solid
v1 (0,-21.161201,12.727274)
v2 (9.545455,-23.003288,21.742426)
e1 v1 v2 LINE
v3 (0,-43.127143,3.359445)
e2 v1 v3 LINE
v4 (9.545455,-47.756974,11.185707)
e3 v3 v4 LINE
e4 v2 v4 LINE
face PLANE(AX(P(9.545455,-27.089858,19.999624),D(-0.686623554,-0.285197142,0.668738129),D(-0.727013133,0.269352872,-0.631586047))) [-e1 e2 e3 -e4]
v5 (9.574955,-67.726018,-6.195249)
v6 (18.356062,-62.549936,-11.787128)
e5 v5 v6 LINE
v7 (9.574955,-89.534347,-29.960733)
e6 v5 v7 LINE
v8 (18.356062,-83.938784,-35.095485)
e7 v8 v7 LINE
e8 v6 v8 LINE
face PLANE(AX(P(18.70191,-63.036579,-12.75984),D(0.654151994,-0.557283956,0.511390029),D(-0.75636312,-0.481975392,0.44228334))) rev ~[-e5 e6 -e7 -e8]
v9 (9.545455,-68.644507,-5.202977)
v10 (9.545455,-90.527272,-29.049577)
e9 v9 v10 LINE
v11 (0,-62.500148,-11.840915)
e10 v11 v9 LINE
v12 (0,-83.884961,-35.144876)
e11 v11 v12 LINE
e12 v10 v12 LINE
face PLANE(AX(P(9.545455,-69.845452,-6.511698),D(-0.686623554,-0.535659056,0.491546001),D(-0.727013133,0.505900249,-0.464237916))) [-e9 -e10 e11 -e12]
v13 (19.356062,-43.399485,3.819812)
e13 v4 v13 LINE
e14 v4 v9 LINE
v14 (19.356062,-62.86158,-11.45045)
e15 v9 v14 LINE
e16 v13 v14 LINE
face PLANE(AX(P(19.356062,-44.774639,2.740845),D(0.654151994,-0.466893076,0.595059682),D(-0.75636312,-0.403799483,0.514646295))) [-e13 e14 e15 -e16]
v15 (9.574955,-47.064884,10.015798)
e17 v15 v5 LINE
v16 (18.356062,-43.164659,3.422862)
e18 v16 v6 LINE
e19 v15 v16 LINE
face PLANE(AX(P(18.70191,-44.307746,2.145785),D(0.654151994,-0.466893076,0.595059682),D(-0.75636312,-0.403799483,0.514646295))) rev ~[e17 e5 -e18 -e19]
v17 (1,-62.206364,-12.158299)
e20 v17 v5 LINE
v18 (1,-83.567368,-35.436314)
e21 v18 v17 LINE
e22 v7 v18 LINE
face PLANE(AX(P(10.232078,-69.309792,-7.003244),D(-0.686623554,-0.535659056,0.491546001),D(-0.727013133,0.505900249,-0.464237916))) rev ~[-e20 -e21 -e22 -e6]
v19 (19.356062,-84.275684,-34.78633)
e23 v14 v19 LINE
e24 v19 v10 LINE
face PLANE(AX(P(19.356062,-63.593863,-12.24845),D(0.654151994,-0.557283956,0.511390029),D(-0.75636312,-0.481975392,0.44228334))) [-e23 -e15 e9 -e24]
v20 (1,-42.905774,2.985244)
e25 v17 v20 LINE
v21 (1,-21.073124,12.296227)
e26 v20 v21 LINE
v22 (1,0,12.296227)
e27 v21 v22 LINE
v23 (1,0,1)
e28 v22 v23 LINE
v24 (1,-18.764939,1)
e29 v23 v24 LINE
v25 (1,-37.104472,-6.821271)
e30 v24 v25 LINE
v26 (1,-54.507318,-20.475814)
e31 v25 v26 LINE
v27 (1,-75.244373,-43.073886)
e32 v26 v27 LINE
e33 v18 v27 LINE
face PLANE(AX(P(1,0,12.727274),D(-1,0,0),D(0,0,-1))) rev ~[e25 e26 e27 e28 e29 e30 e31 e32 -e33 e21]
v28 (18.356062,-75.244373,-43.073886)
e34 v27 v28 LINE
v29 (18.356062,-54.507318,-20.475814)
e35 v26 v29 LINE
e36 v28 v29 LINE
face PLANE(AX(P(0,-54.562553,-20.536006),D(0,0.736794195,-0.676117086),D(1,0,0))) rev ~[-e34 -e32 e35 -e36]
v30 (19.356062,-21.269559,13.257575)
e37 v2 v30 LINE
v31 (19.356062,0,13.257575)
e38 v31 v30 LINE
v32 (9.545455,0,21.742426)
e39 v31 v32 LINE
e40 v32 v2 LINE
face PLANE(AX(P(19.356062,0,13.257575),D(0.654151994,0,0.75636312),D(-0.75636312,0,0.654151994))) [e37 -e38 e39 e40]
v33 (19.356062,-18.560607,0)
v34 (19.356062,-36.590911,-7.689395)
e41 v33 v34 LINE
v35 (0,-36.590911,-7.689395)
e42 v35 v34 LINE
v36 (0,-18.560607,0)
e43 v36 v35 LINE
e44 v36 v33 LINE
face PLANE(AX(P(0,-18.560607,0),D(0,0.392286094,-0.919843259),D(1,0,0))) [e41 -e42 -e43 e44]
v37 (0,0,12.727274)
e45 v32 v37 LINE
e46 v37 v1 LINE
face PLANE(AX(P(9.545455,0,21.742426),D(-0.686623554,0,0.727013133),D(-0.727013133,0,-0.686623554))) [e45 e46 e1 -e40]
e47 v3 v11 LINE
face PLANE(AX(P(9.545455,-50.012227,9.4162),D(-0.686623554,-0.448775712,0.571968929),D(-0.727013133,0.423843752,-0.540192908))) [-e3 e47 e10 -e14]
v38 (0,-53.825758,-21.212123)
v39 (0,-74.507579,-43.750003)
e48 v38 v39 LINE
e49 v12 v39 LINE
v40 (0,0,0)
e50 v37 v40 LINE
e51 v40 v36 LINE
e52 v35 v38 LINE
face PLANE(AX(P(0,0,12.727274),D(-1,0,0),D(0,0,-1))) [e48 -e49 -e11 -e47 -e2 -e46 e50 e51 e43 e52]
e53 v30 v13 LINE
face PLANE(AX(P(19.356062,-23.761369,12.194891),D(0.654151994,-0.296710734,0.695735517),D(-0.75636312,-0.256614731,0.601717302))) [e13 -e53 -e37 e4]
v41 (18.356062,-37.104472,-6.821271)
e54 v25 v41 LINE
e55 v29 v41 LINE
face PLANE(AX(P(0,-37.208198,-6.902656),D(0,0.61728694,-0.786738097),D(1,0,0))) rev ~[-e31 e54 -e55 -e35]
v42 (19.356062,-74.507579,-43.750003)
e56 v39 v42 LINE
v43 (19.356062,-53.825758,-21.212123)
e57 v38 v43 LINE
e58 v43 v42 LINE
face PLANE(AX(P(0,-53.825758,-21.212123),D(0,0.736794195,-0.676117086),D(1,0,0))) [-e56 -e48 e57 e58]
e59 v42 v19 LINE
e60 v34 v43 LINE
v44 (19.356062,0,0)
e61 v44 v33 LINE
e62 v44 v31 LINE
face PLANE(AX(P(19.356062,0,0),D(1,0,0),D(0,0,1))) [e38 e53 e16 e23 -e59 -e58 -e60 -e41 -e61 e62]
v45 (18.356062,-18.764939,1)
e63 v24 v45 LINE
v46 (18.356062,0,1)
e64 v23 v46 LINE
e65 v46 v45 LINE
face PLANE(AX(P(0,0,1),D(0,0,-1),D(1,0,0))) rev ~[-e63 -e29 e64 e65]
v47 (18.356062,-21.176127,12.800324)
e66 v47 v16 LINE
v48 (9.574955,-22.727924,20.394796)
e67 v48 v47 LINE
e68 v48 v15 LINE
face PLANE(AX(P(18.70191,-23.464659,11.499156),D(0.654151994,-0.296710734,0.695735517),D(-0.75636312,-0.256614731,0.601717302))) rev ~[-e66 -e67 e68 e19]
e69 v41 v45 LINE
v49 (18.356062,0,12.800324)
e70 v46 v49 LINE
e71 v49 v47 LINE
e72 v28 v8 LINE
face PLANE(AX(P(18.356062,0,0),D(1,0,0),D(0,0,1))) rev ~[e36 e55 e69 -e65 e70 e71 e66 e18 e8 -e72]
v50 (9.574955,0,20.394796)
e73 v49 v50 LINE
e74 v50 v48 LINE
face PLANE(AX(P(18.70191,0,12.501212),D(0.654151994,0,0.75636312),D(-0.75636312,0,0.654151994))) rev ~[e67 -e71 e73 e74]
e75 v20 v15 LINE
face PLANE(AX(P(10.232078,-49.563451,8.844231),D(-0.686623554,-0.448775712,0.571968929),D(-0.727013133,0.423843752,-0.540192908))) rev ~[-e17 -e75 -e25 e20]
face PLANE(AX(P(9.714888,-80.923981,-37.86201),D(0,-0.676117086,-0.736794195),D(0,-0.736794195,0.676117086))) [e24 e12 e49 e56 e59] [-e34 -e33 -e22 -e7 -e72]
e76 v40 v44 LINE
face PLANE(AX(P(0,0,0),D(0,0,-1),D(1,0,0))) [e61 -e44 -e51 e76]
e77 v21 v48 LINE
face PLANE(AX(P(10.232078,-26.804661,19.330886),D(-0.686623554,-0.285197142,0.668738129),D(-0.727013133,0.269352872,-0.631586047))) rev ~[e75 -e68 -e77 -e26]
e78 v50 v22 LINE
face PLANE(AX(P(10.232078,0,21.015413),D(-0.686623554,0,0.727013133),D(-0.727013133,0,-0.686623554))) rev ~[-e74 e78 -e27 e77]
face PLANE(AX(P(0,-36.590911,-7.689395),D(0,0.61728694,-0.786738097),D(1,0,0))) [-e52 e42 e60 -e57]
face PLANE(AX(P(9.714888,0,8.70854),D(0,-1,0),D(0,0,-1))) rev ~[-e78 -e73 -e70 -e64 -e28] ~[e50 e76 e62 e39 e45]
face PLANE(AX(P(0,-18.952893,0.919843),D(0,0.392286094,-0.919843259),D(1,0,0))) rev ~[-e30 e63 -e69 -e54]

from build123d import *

# Parameters (mm, degrees)
F3_T = -1


with BuildPart() as f2:
    # F2: sweep along a path in F1
    with BuildLine(Plane.YZ) as f2_path:
        Line((0, 0), (-18.5606069863, 0))
        Line((-18.5606069863, 0), (-36.590911448, -7.6893945225))
        Line((-36.590911448, -7.6893945225), (-53.8257583976, -21.2121233344))
        Line((-53.8257583976, -21.2121233344), (-74.5075792074, -43.7500029802))
    # F0 (on Front) → F2 (sweep)
    with BuildSketch(Plane.XZ):
        Polygon((0, 12.7272736281), (0, 0), (9.5454547554, 0), (19.3560617045, 0), (19.3560617045, 13.2575752214), (9.5454547554, 21.742425859), align=None)
    sweep(path=f2_path.line, transition=Transition.RIGHT)

    # F3
    f3_openings = [f2.faces().sort_by_distance(p)[0] for p in [
        (9.716142, 0, 8.868807),
        (9.716142, -81.042065, -37.753651),
    ]]
    offset(amount=F3_T, openings=f3_openings, kind=Kind.INTERSECTION)


solid = f2.part
